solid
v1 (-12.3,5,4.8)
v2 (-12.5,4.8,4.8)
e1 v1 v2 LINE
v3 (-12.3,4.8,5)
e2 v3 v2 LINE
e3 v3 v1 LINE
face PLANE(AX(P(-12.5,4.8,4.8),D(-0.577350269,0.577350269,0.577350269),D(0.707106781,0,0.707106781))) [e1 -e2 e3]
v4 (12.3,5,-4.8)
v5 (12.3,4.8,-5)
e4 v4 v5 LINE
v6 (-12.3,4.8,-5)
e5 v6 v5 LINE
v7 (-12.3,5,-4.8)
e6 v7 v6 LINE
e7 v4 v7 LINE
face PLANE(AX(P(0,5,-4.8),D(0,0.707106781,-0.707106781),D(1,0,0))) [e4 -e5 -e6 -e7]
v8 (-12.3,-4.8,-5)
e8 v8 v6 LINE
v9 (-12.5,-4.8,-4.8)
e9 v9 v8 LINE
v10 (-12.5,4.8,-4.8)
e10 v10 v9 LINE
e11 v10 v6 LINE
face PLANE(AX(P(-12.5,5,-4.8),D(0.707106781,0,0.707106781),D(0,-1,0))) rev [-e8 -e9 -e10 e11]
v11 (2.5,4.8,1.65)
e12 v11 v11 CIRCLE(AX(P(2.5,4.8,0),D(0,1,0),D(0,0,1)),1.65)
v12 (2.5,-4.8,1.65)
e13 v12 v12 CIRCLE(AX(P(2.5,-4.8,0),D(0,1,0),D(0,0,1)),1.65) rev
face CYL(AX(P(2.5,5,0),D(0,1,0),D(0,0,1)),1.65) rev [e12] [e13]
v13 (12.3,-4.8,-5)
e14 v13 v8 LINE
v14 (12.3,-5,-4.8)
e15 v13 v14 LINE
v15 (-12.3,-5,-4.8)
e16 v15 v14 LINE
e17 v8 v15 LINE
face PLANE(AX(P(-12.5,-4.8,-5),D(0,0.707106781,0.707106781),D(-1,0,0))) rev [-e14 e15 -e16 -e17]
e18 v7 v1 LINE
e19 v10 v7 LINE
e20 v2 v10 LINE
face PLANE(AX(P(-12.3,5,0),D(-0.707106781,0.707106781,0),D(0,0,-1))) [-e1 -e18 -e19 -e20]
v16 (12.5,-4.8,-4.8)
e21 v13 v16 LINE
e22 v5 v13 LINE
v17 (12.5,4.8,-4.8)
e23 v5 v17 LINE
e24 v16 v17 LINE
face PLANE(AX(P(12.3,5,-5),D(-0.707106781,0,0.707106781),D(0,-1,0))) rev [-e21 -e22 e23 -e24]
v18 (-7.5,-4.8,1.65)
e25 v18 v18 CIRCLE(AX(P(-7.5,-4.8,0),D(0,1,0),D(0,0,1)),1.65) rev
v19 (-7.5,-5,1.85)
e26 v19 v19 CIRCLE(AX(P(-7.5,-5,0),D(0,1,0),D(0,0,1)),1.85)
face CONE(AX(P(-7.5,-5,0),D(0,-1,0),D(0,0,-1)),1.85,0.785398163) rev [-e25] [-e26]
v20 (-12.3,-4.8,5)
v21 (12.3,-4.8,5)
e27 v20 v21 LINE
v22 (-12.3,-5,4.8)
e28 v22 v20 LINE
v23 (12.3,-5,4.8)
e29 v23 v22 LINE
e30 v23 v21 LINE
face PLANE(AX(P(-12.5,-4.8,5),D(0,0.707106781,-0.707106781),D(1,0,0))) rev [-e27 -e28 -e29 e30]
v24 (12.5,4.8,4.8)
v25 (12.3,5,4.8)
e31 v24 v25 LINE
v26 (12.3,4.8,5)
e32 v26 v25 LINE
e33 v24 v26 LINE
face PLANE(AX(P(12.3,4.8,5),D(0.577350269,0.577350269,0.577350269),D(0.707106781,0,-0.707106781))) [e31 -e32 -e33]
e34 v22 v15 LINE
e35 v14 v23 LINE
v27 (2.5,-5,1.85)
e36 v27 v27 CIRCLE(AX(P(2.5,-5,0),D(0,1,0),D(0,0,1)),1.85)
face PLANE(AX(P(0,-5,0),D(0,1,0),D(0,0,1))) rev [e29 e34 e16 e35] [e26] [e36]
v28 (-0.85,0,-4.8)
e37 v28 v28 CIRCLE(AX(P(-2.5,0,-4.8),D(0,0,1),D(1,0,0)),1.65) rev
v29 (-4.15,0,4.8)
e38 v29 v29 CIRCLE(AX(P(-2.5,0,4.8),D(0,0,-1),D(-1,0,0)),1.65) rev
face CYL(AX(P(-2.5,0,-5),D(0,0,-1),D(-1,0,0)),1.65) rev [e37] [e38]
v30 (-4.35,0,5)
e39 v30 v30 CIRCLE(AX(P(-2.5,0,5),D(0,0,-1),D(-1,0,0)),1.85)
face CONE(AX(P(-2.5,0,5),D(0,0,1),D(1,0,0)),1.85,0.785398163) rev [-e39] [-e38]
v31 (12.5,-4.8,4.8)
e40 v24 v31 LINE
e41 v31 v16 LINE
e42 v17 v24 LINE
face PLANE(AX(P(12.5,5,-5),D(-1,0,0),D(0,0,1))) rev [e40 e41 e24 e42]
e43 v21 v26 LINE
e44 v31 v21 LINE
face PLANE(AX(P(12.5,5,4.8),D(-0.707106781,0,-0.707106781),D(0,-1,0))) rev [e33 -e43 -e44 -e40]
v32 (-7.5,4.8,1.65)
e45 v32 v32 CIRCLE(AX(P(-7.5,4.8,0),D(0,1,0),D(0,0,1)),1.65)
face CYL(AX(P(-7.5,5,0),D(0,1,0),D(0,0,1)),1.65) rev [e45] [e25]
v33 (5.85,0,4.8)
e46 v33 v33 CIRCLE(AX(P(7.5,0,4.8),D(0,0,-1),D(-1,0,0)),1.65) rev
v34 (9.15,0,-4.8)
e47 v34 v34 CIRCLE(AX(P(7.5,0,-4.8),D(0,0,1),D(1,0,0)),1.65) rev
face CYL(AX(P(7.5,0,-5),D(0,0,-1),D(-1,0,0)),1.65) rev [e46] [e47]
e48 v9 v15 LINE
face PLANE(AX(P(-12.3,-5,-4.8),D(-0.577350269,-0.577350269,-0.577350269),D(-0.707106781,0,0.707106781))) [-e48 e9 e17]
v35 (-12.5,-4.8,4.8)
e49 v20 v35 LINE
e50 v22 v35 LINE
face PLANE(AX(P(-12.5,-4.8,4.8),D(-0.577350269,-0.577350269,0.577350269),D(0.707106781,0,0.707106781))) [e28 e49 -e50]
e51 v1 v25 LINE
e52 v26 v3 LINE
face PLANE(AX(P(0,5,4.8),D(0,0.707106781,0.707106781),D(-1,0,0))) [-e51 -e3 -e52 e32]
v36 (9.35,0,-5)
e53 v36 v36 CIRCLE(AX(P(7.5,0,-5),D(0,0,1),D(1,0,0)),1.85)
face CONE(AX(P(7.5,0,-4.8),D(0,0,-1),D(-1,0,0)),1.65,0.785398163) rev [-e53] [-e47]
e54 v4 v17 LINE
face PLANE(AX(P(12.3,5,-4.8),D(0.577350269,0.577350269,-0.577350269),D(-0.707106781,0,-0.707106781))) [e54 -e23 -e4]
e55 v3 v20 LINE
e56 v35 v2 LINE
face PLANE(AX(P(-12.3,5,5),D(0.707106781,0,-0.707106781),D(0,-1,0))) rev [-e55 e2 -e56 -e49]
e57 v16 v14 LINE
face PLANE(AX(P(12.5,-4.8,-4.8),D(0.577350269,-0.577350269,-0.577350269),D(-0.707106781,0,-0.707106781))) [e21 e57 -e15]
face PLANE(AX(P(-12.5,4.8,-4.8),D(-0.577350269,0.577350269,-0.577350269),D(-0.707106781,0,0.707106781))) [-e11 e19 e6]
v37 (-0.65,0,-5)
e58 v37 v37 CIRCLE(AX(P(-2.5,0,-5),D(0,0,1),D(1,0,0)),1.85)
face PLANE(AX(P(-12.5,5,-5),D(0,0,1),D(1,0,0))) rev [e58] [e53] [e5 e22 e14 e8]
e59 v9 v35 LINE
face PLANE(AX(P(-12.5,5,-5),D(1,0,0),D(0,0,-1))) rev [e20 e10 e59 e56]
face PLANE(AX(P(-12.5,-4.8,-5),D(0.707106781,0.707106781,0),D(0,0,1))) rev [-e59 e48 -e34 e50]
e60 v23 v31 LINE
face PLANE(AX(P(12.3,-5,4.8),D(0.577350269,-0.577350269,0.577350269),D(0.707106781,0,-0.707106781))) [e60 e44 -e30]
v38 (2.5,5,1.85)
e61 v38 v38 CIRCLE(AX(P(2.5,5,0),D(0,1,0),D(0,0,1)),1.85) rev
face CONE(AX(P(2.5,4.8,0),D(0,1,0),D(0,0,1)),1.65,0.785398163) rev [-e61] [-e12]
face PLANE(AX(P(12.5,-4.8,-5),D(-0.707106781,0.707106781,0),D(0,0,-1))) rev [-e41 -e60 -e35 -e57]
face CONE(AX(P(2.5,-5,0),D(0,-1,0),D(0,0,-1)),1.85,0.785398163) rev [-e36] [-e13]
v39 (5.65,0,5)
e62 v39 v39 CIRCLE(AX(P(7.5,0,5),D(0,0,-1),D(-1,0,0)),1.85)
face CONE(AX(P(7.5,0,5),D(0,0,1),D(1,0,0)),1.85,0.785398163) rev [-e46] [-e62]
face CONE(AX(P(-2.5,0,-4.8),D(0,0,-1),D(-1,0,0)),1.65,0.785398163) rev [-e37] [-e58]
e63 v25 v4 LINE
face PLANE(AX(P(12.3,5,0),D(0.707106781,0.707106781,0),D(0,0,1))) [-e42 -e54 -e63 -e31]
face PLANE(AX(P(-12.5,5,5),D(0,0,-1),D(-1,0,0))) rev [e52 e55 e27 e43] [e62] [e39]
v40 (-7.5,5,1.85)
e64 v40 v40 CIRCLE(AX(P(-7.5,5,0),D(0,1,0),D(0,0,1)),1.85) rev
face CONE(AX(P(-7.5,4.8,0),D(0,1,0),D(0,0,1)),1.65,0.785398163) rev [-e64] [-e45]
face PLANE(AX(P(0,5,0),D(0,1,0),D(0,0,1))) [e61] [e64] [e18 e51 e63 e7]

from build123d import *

# Parameters (mm, degrees)
SKETCH_1_W         = 25
SKETCH_1_H         = 10
EXTRUDE_1_DEPTH    = 5
HOLE_WIZARD_M4_1_D = 3.3
HOLE_WIZARD_M4_2_D = 3.3
CHAMFER_1_SIZE     = 0.2


with BuildPart() as part:
    # 草图1 → 凸台-拉伸1 (new, symmetric)
    with BuildSketch(Plane(origin=(0, 0, 0), x_dir=(1, 0, 0), z_dir=(0, 1, 0))):
        Rectangle(SKETCH_1_W, SKETCH_1_H)
    extrude(amount=EXTRUDE_1_DEPTH, both=True)

    # M4 螺纹孔1 (through all)
    with Locations(Plane(origin=(0, 5, 0), x_dir=(1, 0, 0), z_dir=(0, 1, 0))):
        with Locations((-7.5, 0), (2.5, 0)):
            Hole(HOLE_WIZARD_M4_1_D / 2)

    # M4 螺纹孔2 (through all)
    with Locations(Plane(origin=(0, 0, -5), x_dir=(-1, 0, 0), z_dir=(0, 0, -1))):
        with Locations((-7.5, 0), (2.5, 0)):
            Hole(HOLE_WIZARD_M4_2_D / 2)

    # 倒角1
    chamfer_1_edges = [part.edges().sort_by_distance(p)[0] for p in [
        (-12.5, 5, 0),
        (4.15, 5, 0),
        (4.15, -5, 0),
        (0, 5, 5),
        (-5.85, 5, 0),
        (-5.85, -5, 0),
        (-4.15, 0, -5),
        (-4.15, 0, 5),
        (5.85, 0, -5),
        (5.85, 0, 5),
        (12.5, 5, 0),
        (0, -5, 5),
        (-12.5, -5, 0),
        (0, -5, -5),
        (12.5, -5, 0),
        (12.5, 0, 5),
        (-12.5, 0, 5),
        (-12.5, 0, -5),
        (12.5, 0, -5),
        (0, 5, -5),
    ]]
    chamfer(chamfer_1_edges, length=CHAMFER_1_SIZE)


solid = part.part
